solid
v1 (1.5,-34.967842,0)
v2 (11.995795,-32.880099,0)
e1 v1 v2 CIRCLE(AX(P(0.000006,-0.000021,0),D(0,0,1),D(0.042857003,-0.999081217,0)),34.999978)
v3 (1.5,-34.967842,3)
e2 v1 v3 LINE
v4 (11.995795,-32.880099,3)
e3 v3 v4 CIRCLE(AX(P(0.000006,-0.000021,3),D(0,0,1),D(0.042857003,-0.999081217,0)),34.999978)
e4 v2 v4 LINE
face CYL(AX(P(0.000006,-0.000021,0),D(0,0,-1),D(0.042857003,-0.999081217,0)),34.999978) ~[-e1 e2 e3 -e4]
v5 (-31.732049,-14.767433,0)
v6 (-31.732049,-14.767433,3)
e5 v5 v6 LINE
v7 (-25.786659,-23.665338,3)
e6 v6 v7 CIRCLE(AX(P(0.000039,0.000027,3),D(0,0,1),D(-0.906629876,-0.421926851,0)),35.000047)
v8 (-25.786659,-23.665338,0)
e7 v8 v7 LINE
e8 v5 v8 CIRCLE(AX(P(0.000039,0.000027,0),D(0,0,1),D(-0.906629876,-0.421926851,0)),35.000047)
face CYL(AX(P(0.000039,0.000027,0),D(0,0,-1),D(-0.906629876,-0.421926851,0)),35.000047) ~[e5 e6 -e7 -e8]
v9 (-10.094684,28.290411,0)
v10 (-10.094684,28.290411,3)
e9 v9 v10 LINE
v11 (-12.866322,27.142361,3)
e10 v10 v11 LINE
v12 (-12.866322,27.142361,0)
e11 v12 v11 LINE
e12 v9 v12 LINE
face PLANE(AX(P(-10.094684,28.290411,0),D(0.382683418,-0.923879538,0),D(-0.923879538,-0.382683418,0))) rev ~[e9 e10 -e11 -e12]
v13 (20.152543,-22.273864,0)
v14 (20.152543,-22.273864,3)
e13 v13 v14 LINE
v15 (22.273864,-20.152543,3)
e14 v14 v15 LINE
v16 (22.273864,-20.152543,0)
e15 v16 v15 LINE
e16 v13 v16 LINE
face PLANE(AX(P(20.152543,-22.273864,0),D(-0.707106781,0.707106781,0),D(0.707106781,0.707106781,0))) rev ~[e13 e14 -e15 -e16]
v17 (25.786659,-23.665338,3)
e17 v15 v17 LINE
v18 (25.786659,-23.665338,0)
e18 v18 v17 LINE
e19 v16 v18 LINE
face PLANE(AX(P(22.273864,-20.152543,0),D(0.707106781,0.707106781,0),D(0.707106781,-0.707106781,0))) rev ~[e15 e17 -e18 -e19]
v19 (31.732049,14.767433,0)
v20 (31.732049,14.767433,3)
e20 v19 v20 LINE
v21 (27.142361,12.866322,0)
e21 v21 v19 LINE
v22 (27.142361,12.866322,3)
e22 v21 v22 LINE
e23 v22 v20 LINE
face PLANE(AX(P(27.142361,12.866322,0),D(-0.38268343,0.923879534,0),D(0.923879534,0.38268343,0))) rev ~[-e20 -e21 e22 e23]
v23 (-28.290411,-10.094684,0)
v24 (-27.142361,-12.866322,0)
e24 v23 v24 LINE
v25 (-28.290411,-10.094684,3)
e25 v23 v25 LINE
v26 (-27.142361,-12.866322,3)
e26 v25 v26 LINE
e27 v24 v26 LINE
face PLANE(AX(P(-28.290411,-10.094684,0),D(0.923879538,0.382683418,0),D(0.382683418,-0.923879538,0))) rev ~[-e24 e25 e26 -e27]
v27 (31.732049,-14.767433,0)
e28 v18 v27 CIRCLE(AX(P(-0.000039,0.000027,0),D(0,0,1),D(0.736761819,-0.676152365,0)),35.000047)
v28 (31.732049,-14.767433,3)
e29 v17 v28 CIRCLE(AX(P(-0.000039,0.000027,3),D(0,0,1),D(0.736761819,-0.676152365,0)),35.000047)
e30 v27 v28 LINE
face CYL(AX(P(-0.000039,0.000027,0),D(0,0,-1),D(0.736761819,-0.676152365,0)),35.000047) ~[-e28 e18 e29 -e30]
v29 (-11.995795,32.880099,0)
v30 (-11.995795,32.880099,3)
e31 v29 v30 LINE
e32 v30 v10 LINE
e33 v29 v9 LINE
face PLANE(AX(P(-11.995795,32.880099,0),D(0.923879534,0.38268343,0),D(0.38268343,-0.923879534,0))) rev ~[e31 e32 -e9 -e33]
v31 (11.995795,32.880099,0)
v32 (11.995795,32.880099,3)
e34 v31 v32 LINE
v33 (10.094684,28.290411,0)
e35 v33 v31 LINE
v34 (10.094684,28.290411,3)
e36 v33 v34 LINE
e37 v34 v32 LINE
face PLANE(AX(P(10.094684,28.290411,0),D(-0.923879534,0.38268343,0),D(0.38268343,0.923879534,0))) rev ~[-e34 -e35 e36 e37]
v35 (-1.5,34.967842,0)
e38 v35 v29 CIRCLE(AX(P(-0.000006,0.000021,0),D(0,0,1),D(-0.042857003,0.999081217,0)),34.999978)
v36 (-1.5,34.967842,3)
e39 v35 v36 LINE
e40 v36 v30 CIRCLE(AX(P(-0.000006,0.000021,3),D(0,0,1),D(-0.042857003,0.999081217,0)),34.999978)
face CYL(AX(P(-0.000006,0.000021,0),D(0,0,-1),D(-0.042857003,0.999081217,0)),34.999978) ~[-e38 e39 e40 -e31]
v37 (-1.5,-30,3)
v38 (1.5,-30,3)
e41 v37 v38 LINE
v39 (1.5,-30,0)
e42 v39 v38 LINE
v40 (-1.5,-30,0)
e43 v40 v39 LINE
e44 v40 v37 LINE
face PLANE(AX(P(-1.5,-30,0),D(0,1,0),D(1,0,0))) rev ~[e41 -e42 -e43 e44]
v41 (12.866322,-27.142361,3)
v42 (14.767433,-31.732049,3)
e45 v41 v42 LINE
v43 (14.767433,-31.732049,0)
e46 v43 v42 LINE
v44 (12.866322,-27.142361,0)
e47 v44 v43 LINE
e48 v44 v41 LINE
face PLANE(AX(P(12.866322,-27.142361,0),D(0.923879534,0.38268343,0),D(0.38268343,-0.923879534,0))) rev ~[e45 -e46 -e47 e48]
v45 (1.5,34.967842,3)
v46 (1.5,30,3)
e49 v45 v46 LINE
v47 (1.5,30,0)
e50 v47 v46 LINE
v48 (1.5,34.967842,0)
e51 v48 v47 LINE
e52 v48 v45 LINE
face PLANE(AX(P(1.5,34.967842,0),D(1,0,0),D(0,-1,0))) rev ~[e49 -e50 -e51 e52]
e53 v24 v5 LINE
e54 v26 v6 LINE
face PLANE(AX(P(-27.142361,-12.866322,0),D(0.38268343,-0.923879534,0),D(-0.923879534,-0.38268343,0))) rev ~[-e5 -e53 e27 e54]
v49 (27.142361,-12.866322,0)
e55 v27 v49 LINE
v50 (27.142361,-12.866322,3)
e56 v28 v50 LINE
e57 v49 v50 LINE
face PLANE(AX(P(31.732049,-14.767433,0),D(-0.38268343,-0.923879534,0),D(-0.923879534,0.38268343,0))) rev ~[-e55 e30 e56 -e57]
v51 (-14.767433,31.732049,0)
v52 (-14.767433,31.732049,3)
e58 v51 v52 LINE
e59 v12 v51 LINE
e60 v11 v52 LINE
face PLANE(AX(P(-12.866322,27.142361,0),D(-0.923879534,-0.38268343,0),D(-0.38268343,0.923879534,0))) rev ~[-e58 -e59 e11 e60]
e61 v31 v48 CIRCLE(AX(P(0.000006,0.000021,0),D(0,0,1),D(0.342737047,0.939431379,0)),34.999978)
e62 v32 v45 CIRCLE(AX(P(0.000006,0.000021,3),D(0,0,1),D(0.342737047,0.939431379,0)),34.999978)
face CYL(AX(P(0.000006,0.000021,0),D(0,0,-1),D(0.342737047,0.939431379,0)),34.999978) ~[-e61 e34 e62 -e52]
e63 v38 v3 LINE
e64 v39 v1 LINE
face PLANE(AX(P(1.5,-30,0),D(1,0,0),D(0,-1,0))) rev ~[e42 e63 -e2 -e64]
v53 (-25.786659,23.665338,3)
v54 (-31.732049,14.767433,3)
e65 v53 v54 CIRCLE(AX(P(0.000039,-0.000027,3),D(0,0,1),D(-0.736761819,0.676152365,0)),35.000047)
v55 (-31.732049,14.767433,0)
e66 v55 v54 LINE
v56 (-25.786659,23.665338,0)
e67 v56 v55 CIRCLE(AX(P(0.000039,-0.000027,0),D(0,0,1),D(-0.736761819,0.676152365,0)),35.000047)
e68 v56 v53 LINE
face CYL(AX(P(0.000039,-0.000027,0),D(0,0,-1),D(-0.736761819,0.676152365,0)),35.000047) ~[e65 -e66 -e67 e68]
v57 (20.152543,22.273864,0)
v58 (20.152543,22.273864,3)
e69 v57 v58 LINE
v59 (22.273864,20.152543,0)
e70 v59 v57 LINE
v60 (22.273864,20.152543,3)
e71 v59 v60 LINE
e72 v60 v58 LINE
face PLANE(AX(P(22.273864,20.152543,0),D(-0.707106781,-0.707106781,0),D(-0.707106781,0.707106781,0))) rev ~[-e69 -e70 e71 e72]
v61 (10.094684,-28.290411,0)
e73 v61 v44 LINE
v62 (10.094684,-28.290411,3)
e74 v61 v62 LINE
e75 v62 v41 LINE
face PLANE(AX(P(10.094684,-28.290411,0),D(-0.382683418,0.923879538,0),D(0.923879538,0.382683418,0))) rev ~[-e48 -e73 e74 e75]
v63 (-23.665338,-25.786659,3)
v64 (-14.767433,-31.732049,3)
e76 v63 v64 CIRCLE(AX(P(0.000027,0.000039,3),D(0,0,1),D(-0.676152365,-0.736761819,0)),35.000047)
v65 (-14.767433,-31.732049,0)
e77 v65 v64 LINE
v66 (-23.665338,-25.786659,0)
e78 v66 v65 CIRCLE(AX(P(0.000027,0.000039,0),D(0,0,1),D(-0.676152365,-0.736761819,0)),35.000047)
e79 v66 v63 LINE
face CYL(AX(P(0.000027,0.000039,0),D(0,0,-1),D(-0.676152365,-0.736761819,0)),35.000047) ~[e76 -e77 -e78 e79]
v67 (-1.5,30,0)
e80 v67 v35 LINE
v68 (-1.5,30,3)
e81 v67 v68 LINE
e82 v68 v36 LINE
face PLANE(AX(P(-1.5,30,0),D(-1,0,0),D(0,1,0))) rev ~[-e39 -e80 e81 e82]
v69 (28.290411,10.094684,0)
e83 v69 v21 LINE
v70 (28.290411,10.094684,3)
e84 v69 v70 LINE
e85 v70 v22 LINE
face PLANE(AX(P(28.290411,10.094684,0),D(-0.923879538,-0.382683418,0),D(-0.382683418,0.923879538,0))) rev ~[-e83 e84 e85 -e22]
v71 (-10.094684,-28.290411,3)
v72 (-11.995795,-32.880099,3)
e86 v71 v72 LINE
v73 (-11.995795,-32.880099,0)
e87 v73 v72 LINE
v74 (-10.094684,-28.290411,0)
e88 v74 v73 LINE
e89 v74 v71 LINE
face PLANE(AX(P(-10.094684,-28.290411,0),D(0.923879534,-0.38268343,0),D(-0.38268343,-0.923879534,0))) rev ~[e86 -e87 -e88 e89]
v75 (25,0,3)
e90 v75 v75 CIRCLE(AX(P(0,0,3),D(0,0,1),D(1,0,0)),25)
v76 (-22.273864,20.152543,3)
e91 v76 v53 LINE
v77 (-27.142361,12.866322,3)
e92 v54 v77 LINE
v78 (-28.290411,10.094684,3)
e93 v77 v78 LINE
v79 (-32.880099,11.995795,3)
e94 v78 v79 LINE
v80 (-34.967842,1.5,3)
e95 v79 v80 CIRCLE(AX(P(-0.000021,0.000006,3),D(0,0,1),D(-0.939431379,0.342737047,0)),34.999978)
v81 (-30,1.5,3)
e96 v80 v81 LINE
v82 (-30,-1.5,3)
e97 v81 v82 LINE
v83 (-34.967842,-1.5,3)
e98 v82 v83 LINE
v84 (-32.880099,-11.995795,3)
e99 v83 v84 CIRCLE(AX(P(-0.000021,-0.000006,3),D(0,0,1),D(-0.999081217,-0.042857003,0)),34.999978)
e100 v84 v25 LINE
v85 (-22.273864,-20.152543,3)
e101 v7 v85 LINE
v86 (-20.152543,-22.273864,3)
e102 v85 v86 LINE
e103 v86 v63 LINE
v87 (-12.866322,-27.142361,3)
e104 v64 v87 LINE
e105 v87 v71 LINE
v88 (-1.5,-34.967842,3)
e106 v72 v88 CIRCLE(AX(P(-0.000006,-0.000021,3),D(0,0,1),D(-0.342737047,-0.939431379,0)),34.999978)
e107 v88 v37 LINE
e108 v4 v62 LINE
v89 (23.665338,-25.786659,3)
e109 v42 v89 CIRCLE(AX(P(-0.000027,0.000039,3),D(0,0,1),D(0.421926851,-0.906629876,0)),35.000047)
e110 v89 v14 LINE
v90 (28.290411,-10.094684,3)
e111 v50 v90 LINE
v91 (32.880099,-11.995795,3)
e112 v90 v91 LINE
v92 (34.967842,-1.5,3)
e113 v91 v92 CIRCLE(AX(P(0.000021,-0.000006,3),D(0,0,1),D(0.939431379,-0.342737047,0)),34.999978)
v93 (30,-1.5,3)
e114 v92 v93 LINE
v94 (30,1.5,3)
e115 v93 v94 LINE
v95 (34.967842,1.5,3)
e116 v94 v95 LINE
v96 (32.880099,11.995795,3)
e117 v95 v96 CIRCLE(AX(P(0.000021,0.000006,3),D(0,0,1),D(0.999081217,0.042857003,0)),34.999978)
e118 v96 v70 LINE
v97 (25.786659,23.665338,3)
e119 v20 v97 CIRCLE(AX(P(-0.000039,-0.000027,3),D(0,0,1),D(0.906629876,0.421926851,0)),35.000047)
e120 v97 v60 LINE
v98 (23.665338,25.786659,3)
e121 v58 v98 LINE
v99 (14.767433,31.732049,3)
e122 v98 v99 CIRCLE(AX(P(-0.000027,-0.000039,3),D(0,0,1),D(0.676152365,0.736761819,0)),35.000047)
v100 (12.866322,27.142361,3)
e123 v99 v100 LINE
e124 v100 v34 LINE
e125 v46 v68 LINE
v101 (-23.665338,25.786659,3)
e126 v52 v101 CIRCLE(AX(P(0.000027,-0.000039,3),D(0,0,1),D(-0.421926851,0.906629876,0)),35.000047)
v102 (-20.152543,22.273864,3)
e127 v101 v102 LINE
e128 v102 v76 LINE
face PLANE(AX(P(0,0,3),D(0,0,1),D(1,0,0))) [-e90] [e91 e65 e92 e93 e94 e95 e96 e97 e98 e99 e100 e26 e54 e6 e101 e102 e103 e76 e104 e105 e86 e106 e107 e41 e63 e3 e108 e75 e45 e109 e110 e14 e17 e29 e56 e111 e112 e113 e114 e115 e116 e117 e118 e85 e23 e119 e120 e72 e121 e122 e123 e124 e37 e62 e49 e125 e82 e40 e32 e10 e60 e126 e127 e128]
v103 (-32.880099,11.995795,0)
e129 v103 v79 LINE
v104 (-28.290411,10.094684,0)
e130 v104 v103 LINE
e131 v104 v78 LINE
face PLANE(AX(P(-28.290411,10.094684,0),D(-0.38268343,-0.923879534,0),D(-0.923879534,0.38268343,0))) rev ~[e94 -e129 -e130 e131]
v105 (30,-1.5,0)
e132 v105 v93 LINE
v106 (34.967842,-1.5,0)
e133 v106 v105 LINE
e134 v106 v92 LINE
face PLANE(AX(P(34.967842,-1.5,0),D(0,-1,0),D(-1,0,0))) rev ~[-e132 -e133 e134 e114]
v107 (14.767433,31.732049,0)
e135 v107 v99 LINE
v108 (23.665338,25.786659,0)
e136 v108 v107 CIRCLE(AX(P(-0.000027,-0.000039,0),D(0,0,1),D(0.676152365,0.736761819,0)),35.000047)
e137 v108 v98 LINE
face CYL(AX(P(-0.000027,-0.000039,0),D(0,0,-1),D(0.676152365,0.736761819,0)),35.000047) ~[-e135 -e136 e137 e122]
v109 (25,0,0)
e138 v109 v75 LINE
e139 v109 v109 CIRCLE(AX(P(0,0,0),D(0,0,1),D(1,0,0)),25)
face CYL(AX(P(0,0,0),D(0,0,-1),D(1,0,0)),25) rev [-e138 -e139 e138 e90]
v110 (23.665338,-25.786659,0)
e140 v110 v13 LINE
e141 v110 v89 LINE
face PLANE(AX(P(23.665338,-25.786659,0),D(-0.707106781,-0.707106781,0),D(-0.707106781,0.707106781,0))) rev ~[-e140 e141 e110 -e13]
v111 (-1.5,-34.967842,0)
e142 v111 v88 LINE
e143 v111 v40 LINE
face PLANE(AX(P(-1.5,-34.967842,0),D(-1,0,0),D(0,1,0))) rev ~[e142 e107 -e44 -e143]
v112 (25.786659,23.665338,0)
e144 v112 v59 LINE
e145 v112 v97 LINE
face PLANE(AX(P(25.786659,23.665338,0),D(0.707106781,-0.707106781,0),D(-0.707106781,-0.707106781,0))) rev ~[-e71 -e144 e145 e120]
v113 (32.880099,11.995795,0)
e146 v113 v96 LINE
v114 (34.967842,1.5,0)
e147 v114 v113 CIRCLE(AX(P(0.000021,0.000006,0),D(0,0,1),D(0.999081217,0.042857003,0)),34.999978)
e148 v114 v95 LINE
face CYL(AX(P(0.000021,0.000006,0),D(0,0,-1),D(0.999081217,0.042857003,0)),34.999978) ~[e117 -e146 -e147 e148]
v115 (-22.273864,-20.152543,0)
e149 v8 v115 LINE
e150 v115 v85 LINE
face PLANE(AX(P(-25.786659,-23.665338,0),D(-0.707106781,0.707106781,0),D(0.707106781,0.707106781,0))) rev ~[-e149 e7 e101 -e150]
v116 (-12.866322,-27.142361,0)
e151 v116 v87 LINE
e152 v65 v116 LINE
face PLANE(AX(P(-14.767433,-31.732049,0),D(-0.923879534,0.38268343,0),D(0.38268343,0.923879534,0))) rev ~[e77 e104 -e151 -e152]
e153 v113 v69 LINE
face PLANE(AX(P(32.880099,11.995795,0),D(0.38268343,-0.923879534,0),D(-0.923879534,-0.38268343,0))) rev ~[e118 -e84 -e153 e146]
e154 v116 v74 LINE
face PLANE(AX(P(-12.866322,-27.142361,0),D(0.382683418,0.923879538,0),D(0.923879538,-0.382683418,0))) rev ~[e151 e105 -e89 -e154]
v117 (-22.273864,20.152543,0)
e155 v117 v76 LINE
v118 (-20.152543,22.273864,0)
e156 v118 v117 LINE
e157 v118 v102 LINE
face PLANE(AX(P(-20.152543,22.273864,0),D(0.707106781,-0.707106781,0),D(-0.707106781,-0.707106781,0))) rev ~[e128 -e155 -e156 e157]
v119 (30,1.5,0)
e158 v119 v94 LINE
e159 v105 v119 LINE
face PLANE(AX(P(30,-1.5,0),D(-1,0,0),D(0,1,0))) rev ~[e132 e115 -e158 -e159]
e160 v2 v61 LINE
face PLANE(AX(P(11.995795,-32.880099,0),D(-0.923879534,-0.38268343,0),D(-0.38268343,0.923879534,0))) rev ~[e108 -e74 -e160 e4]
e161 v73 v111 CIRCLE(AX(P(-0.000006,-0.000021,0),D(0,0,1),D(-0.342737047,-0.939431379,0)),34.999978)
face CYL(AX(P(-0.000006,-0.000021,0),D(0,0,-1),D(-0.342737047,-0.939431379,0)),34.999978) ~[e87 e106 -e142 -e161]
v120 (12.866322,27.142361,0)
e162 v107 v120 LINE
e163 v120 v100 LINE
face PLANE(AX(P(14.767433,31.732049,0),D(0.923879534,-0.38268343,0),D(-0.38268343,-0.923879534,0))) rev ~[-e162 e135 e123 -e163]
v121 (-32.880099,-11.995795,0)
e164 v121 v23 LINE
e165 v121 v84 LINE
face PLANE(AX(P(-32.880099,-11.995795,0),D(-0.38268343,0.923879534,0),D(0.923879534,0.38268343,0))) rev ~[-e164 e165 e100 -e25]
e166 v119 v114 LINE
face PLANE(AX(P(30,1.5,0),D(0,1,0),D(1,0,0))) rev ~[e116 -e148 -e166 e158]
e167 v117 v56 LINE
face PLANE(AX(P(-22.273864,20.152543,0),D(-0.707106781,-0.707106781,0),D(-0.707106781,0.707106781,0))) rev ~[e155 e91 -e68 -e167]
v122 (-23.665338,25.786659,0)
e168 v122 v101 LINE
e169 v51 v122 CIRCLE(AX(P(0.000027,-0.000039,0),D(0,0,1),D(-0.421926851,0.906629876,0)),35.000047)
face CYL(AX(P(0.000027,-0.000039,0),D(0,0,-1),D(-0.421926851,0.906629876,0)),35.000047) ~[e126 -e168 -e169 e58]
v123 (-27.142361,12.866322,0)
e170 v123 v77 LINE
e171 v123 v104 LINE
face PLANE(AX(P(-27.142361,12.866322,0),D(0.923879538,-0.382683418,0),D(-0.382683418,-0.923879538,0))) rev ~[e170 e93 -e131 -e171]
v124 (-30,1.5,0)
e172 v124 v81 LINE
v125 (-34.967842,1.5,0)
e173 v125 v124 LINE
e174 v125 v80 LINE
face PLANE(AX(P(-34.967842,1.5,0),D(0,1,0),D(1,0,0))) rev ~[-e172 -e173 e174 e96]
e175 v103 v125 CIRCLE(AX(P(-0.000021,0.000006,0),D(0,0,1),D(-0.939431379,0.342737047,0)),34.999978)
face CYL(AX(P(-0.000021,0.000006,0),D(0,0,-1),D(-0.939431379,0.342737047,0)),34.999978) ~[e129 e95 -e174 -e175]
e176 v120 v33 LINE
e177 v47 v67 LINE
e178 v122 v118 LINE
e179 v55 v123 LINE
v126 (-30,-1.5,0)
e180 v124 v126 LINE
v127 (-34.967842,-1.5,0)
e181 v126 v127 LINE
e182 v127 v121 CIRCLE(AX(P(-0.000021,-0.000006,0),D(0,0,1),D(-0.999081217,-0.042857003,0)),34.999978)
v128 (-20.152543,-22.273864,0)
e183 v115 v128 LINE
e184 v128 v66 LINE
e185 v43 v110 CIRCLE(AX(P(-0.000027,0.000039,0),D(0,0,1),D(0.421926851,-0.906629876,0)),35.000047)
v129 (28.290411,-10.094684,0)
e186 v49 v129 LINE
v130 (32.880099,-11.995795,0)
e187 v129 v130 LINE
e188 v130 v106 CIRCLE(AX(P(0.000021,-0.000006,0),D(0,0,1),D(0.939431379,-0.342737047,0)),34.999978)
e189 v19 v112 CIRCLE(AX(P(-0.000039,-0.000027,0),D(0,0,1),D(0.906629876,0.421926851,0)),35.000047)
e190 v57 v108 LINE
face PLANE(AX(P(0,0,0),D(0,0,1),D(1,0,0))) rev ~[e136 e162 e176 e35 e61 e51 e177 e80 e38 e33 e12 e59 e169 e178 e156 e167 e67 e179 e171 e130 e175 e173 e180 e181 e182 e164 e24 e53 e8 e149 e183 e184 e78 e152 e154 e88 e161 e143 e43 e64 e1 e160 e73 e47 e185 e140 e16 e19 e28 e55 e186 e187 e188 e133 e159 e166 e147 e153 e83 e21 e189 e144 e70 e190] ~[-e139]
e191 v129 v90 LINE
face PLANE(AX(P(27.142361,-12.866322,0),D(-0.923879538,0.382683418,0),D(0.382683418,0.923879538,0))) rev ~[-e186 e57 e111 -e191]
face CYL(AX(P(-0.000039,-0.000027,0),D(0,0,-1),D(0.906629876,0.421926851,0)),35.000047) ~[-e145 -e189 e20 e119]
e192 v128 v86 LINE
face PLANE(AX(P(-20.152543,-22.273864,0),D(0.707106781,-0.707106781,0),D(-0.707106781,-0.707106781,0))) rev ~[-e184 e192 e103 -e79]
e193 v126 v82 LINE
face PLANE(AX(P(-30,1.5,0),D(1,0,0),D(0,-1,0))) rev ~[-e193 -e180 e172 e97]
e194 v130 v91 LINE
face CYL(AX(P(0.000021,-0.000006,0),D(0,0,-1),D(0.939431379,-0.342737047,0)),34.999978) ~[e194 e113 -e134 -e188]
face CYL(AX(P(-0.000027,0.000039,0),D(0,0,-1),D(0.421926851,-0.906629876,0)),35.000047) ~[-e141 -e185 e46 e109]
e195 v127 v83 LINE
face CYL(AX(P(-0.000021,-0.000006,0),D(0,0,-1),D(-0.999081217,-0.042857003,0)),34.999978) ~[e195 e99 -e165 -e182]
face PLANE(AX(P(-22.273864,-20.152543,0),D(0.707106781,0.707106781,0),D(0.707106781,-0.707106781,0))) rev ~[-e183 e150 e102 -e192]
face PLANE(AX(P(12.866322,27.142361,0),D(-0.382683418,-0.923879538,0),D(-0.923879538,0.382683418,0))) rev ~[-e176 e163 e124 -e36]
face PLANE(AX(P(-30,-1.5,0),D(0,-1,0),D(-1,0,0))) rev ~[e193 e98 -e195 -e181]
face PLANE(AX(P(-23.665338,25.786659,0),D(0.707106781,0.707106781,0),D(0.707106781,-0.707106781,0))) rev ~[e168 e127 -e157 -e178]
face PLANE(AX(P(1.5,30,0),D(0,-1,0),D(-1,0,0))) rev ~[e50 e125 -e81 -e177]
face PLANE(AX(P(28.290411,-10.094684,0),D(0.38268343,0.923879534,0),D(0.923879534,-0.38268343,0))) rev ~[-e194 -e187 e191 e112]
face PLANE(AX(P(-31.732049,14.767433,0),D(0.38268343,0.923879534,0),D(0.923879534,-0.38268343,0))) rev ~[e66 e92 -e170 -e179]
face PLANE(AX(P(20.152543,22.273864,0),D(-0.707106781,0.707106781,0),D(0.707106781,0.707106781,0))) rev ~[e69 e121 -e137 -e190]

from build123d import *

# Parameters (mm, degrees)
F0_R     = 25
F1_DEPTH = 3


with BuildPart() as f1:
    # F0 (on Top) → F1 (new body)
    with BuildSketch(Plane.XY):
        with BuildLine():
            Line((30, 1.5), (34.967842, 1.5))
            ThreePointArc((34.967842, 1.5), (34.327485, 6.828161), (32.880099, 11.995795))
            Line((32.880099, 11.995795), (28.290411, 10.094684))
            Line((28.290411, 10.094684), (27.142361, 12.866322))
            Line((27.142361, 12.866322), (31.732049, 14.767433))
            ThreePointArc((31.732049, 14.767433), (29.101436, 19.444958), (25.786659, 23.665338))
            Line((25.786659, 23.665338), (22.273864, 20.152543))
            Line((22.273864, 20.152543), (20.152543, 22.273864))
            Line((20.152543, 22.273864), (23.665338, 25.786659))
            ThreePointArc((23.665338, 25.786659), (19.444958, 29.101436), (14.767433, 31.732049))
            Line((14.767433, 31.732049), (12.866322, 27.142361))
            Line((12.866322, 27.142361), (10.094684, 28.290411))
            Line((10.094684, 28.290411), (11.995795, 32.880099))
            ThreePointArc((11.995795, 32.880099), (6.828161, 34.327485), (1.5, 34.967842))
            Line((1.5, 34.967842), (1.5, 30))
            Line((1.5, 30), (-1.5, 30))
            Line((-1.5, 30), (-1.5, 34.967842))
            ThreePointArc((-1.5, 34.967842), (-6.828161, 34.327485), (-11.995795, 32.880099))
            Line((-11.995795, 32.880099), (-10.094684, 28.290411))
            Line((-10.094684, 28.290411), (-12.866322, 27.142361))
            Line((-12.866322, 27.142361), (-14.767433, 31.732049))
            ThreePointArc((-14.767433, 31.732049), (-19.444958, 29.101436), (-23.665338, 25.786659))
            Line((-23.665338, 25.786659), (-20.152543, 22.273864))
            Line((-20.152543, 22.273864), (-22.273864, 20.152543))
            Line((-22.273864, 20.152543), (-25.786659, 23.665338))
            ThreePointArc((-25.786659, 23.665338), (-29.101436, 19.444958), (-31.732049, 14.767433))
            Line((-31.732049, 14.767433), (-27.142361, 12.866322))
            Line((-27.142361, 12.866322), (-28.290411, 10.094684))
            Line((-28.290411, 10.094684), (-32.880099, 11.995795))
            ThreePointArc((-32.880099, 11.995795), (-34.327485, 6.828161), (-34.967842, 1.5))
            Line((-34.967842, 1.5), (-30, 1.5))
            Line((-30, 1.5), (-30, -1.5))
            Line((-30, -1.5), (-34.967842, -1.5))
            ThreePointArc((-34.967842, -1.5), (-34.327485, -6.828161), (-32.880099, -11.995795))
            Line((-32.880099, -11.995795), (-28.290411, -10.094684))
            Line((-28.290411, -10.094684), (-27.142361, -12.866322))
            Line((-27.142361, -12.866322), (-31.732049, -14.767433))
            ThreePointArc((-31.732049, -14.767433), (-29.101436, -19.444958), (-25.786659, -23.665338))
            Line((-25.786659, -23.665338), (-22.273864, -20.152543))
            Line((-22.273864, -20.152543), (-20.152543, -22.273864))
            Line((-20.152543, -22.273864), (-23.665338, -25.786659))
            ThreePointArc((-23.665338, -25.786659), (-19.444958, -29.101436), (-14.767433, -31.732049))
            Line((-14.767433, -31.732049), (-12.866322, -27.142361))
            Line((-12.866322, -27.142361), (-10.094684, -28.290411))
            Line((-10.094684, -28.290411), (-11.995795, -32.880099))
            ThreePointArc((-11.995795, -32.880099), (-6.828161, -34.327485), (-1.5, -34.967842))
            Line((-1.5, -34.967842), (-1.5, -30))
            Line((-1.5, -30), (0, -30))
            Line((0, -30), (1.5, -30))
            Line((1.5, -30), (1.5, -34.967842))
            ThreePointArc((1.5, -34.967842), (6.828161, -34.327485), (11.995795, -32.880099))
            Line((11.995795, -32.880099), (10.094684, -28.290411))
            Line((10.094684, -28.290411), (12.866322, -27.142361))
            Line((12.866322, -27.142361), (14.767433, -31.732049))
            ThreePointArc((14.767433, -31.732049), (19.444958, -29.101436), (23.665338, -25.786659))
            Line((23.665338, -25.786659), (20.152543, -22.273864))
            Line((20.152543, -22.273864), (22.273864, -20.152543))
            Line((22.273864, -20.152543), (25.786659, -23.665338))
            ThreePointArc((25.786659, -23.665338), (29.101436, -19.444958), (31.732049, -14.767433))
            Line((31.732049, -14.767433), (27.142361, -12.866322))
            Line((27.142361, -12.866322), (28.290411, -10.094684))
            Line((28.290411, -10.094684), (32.880099, -11.995795))
            ThreePointArc((32.880099, -11.995795), (34.327485, -6.828161), (34.967842, -1.5))
            Line((34.967842, -1.5), (30, -1.5))
            Line((30, -1.5), (30, 1.5))
        make_face()
        Circle(F0_R, mode=Mode.SUBTRACT)
    extrude(amount=F1_DEPTH)


solid = f1.part
